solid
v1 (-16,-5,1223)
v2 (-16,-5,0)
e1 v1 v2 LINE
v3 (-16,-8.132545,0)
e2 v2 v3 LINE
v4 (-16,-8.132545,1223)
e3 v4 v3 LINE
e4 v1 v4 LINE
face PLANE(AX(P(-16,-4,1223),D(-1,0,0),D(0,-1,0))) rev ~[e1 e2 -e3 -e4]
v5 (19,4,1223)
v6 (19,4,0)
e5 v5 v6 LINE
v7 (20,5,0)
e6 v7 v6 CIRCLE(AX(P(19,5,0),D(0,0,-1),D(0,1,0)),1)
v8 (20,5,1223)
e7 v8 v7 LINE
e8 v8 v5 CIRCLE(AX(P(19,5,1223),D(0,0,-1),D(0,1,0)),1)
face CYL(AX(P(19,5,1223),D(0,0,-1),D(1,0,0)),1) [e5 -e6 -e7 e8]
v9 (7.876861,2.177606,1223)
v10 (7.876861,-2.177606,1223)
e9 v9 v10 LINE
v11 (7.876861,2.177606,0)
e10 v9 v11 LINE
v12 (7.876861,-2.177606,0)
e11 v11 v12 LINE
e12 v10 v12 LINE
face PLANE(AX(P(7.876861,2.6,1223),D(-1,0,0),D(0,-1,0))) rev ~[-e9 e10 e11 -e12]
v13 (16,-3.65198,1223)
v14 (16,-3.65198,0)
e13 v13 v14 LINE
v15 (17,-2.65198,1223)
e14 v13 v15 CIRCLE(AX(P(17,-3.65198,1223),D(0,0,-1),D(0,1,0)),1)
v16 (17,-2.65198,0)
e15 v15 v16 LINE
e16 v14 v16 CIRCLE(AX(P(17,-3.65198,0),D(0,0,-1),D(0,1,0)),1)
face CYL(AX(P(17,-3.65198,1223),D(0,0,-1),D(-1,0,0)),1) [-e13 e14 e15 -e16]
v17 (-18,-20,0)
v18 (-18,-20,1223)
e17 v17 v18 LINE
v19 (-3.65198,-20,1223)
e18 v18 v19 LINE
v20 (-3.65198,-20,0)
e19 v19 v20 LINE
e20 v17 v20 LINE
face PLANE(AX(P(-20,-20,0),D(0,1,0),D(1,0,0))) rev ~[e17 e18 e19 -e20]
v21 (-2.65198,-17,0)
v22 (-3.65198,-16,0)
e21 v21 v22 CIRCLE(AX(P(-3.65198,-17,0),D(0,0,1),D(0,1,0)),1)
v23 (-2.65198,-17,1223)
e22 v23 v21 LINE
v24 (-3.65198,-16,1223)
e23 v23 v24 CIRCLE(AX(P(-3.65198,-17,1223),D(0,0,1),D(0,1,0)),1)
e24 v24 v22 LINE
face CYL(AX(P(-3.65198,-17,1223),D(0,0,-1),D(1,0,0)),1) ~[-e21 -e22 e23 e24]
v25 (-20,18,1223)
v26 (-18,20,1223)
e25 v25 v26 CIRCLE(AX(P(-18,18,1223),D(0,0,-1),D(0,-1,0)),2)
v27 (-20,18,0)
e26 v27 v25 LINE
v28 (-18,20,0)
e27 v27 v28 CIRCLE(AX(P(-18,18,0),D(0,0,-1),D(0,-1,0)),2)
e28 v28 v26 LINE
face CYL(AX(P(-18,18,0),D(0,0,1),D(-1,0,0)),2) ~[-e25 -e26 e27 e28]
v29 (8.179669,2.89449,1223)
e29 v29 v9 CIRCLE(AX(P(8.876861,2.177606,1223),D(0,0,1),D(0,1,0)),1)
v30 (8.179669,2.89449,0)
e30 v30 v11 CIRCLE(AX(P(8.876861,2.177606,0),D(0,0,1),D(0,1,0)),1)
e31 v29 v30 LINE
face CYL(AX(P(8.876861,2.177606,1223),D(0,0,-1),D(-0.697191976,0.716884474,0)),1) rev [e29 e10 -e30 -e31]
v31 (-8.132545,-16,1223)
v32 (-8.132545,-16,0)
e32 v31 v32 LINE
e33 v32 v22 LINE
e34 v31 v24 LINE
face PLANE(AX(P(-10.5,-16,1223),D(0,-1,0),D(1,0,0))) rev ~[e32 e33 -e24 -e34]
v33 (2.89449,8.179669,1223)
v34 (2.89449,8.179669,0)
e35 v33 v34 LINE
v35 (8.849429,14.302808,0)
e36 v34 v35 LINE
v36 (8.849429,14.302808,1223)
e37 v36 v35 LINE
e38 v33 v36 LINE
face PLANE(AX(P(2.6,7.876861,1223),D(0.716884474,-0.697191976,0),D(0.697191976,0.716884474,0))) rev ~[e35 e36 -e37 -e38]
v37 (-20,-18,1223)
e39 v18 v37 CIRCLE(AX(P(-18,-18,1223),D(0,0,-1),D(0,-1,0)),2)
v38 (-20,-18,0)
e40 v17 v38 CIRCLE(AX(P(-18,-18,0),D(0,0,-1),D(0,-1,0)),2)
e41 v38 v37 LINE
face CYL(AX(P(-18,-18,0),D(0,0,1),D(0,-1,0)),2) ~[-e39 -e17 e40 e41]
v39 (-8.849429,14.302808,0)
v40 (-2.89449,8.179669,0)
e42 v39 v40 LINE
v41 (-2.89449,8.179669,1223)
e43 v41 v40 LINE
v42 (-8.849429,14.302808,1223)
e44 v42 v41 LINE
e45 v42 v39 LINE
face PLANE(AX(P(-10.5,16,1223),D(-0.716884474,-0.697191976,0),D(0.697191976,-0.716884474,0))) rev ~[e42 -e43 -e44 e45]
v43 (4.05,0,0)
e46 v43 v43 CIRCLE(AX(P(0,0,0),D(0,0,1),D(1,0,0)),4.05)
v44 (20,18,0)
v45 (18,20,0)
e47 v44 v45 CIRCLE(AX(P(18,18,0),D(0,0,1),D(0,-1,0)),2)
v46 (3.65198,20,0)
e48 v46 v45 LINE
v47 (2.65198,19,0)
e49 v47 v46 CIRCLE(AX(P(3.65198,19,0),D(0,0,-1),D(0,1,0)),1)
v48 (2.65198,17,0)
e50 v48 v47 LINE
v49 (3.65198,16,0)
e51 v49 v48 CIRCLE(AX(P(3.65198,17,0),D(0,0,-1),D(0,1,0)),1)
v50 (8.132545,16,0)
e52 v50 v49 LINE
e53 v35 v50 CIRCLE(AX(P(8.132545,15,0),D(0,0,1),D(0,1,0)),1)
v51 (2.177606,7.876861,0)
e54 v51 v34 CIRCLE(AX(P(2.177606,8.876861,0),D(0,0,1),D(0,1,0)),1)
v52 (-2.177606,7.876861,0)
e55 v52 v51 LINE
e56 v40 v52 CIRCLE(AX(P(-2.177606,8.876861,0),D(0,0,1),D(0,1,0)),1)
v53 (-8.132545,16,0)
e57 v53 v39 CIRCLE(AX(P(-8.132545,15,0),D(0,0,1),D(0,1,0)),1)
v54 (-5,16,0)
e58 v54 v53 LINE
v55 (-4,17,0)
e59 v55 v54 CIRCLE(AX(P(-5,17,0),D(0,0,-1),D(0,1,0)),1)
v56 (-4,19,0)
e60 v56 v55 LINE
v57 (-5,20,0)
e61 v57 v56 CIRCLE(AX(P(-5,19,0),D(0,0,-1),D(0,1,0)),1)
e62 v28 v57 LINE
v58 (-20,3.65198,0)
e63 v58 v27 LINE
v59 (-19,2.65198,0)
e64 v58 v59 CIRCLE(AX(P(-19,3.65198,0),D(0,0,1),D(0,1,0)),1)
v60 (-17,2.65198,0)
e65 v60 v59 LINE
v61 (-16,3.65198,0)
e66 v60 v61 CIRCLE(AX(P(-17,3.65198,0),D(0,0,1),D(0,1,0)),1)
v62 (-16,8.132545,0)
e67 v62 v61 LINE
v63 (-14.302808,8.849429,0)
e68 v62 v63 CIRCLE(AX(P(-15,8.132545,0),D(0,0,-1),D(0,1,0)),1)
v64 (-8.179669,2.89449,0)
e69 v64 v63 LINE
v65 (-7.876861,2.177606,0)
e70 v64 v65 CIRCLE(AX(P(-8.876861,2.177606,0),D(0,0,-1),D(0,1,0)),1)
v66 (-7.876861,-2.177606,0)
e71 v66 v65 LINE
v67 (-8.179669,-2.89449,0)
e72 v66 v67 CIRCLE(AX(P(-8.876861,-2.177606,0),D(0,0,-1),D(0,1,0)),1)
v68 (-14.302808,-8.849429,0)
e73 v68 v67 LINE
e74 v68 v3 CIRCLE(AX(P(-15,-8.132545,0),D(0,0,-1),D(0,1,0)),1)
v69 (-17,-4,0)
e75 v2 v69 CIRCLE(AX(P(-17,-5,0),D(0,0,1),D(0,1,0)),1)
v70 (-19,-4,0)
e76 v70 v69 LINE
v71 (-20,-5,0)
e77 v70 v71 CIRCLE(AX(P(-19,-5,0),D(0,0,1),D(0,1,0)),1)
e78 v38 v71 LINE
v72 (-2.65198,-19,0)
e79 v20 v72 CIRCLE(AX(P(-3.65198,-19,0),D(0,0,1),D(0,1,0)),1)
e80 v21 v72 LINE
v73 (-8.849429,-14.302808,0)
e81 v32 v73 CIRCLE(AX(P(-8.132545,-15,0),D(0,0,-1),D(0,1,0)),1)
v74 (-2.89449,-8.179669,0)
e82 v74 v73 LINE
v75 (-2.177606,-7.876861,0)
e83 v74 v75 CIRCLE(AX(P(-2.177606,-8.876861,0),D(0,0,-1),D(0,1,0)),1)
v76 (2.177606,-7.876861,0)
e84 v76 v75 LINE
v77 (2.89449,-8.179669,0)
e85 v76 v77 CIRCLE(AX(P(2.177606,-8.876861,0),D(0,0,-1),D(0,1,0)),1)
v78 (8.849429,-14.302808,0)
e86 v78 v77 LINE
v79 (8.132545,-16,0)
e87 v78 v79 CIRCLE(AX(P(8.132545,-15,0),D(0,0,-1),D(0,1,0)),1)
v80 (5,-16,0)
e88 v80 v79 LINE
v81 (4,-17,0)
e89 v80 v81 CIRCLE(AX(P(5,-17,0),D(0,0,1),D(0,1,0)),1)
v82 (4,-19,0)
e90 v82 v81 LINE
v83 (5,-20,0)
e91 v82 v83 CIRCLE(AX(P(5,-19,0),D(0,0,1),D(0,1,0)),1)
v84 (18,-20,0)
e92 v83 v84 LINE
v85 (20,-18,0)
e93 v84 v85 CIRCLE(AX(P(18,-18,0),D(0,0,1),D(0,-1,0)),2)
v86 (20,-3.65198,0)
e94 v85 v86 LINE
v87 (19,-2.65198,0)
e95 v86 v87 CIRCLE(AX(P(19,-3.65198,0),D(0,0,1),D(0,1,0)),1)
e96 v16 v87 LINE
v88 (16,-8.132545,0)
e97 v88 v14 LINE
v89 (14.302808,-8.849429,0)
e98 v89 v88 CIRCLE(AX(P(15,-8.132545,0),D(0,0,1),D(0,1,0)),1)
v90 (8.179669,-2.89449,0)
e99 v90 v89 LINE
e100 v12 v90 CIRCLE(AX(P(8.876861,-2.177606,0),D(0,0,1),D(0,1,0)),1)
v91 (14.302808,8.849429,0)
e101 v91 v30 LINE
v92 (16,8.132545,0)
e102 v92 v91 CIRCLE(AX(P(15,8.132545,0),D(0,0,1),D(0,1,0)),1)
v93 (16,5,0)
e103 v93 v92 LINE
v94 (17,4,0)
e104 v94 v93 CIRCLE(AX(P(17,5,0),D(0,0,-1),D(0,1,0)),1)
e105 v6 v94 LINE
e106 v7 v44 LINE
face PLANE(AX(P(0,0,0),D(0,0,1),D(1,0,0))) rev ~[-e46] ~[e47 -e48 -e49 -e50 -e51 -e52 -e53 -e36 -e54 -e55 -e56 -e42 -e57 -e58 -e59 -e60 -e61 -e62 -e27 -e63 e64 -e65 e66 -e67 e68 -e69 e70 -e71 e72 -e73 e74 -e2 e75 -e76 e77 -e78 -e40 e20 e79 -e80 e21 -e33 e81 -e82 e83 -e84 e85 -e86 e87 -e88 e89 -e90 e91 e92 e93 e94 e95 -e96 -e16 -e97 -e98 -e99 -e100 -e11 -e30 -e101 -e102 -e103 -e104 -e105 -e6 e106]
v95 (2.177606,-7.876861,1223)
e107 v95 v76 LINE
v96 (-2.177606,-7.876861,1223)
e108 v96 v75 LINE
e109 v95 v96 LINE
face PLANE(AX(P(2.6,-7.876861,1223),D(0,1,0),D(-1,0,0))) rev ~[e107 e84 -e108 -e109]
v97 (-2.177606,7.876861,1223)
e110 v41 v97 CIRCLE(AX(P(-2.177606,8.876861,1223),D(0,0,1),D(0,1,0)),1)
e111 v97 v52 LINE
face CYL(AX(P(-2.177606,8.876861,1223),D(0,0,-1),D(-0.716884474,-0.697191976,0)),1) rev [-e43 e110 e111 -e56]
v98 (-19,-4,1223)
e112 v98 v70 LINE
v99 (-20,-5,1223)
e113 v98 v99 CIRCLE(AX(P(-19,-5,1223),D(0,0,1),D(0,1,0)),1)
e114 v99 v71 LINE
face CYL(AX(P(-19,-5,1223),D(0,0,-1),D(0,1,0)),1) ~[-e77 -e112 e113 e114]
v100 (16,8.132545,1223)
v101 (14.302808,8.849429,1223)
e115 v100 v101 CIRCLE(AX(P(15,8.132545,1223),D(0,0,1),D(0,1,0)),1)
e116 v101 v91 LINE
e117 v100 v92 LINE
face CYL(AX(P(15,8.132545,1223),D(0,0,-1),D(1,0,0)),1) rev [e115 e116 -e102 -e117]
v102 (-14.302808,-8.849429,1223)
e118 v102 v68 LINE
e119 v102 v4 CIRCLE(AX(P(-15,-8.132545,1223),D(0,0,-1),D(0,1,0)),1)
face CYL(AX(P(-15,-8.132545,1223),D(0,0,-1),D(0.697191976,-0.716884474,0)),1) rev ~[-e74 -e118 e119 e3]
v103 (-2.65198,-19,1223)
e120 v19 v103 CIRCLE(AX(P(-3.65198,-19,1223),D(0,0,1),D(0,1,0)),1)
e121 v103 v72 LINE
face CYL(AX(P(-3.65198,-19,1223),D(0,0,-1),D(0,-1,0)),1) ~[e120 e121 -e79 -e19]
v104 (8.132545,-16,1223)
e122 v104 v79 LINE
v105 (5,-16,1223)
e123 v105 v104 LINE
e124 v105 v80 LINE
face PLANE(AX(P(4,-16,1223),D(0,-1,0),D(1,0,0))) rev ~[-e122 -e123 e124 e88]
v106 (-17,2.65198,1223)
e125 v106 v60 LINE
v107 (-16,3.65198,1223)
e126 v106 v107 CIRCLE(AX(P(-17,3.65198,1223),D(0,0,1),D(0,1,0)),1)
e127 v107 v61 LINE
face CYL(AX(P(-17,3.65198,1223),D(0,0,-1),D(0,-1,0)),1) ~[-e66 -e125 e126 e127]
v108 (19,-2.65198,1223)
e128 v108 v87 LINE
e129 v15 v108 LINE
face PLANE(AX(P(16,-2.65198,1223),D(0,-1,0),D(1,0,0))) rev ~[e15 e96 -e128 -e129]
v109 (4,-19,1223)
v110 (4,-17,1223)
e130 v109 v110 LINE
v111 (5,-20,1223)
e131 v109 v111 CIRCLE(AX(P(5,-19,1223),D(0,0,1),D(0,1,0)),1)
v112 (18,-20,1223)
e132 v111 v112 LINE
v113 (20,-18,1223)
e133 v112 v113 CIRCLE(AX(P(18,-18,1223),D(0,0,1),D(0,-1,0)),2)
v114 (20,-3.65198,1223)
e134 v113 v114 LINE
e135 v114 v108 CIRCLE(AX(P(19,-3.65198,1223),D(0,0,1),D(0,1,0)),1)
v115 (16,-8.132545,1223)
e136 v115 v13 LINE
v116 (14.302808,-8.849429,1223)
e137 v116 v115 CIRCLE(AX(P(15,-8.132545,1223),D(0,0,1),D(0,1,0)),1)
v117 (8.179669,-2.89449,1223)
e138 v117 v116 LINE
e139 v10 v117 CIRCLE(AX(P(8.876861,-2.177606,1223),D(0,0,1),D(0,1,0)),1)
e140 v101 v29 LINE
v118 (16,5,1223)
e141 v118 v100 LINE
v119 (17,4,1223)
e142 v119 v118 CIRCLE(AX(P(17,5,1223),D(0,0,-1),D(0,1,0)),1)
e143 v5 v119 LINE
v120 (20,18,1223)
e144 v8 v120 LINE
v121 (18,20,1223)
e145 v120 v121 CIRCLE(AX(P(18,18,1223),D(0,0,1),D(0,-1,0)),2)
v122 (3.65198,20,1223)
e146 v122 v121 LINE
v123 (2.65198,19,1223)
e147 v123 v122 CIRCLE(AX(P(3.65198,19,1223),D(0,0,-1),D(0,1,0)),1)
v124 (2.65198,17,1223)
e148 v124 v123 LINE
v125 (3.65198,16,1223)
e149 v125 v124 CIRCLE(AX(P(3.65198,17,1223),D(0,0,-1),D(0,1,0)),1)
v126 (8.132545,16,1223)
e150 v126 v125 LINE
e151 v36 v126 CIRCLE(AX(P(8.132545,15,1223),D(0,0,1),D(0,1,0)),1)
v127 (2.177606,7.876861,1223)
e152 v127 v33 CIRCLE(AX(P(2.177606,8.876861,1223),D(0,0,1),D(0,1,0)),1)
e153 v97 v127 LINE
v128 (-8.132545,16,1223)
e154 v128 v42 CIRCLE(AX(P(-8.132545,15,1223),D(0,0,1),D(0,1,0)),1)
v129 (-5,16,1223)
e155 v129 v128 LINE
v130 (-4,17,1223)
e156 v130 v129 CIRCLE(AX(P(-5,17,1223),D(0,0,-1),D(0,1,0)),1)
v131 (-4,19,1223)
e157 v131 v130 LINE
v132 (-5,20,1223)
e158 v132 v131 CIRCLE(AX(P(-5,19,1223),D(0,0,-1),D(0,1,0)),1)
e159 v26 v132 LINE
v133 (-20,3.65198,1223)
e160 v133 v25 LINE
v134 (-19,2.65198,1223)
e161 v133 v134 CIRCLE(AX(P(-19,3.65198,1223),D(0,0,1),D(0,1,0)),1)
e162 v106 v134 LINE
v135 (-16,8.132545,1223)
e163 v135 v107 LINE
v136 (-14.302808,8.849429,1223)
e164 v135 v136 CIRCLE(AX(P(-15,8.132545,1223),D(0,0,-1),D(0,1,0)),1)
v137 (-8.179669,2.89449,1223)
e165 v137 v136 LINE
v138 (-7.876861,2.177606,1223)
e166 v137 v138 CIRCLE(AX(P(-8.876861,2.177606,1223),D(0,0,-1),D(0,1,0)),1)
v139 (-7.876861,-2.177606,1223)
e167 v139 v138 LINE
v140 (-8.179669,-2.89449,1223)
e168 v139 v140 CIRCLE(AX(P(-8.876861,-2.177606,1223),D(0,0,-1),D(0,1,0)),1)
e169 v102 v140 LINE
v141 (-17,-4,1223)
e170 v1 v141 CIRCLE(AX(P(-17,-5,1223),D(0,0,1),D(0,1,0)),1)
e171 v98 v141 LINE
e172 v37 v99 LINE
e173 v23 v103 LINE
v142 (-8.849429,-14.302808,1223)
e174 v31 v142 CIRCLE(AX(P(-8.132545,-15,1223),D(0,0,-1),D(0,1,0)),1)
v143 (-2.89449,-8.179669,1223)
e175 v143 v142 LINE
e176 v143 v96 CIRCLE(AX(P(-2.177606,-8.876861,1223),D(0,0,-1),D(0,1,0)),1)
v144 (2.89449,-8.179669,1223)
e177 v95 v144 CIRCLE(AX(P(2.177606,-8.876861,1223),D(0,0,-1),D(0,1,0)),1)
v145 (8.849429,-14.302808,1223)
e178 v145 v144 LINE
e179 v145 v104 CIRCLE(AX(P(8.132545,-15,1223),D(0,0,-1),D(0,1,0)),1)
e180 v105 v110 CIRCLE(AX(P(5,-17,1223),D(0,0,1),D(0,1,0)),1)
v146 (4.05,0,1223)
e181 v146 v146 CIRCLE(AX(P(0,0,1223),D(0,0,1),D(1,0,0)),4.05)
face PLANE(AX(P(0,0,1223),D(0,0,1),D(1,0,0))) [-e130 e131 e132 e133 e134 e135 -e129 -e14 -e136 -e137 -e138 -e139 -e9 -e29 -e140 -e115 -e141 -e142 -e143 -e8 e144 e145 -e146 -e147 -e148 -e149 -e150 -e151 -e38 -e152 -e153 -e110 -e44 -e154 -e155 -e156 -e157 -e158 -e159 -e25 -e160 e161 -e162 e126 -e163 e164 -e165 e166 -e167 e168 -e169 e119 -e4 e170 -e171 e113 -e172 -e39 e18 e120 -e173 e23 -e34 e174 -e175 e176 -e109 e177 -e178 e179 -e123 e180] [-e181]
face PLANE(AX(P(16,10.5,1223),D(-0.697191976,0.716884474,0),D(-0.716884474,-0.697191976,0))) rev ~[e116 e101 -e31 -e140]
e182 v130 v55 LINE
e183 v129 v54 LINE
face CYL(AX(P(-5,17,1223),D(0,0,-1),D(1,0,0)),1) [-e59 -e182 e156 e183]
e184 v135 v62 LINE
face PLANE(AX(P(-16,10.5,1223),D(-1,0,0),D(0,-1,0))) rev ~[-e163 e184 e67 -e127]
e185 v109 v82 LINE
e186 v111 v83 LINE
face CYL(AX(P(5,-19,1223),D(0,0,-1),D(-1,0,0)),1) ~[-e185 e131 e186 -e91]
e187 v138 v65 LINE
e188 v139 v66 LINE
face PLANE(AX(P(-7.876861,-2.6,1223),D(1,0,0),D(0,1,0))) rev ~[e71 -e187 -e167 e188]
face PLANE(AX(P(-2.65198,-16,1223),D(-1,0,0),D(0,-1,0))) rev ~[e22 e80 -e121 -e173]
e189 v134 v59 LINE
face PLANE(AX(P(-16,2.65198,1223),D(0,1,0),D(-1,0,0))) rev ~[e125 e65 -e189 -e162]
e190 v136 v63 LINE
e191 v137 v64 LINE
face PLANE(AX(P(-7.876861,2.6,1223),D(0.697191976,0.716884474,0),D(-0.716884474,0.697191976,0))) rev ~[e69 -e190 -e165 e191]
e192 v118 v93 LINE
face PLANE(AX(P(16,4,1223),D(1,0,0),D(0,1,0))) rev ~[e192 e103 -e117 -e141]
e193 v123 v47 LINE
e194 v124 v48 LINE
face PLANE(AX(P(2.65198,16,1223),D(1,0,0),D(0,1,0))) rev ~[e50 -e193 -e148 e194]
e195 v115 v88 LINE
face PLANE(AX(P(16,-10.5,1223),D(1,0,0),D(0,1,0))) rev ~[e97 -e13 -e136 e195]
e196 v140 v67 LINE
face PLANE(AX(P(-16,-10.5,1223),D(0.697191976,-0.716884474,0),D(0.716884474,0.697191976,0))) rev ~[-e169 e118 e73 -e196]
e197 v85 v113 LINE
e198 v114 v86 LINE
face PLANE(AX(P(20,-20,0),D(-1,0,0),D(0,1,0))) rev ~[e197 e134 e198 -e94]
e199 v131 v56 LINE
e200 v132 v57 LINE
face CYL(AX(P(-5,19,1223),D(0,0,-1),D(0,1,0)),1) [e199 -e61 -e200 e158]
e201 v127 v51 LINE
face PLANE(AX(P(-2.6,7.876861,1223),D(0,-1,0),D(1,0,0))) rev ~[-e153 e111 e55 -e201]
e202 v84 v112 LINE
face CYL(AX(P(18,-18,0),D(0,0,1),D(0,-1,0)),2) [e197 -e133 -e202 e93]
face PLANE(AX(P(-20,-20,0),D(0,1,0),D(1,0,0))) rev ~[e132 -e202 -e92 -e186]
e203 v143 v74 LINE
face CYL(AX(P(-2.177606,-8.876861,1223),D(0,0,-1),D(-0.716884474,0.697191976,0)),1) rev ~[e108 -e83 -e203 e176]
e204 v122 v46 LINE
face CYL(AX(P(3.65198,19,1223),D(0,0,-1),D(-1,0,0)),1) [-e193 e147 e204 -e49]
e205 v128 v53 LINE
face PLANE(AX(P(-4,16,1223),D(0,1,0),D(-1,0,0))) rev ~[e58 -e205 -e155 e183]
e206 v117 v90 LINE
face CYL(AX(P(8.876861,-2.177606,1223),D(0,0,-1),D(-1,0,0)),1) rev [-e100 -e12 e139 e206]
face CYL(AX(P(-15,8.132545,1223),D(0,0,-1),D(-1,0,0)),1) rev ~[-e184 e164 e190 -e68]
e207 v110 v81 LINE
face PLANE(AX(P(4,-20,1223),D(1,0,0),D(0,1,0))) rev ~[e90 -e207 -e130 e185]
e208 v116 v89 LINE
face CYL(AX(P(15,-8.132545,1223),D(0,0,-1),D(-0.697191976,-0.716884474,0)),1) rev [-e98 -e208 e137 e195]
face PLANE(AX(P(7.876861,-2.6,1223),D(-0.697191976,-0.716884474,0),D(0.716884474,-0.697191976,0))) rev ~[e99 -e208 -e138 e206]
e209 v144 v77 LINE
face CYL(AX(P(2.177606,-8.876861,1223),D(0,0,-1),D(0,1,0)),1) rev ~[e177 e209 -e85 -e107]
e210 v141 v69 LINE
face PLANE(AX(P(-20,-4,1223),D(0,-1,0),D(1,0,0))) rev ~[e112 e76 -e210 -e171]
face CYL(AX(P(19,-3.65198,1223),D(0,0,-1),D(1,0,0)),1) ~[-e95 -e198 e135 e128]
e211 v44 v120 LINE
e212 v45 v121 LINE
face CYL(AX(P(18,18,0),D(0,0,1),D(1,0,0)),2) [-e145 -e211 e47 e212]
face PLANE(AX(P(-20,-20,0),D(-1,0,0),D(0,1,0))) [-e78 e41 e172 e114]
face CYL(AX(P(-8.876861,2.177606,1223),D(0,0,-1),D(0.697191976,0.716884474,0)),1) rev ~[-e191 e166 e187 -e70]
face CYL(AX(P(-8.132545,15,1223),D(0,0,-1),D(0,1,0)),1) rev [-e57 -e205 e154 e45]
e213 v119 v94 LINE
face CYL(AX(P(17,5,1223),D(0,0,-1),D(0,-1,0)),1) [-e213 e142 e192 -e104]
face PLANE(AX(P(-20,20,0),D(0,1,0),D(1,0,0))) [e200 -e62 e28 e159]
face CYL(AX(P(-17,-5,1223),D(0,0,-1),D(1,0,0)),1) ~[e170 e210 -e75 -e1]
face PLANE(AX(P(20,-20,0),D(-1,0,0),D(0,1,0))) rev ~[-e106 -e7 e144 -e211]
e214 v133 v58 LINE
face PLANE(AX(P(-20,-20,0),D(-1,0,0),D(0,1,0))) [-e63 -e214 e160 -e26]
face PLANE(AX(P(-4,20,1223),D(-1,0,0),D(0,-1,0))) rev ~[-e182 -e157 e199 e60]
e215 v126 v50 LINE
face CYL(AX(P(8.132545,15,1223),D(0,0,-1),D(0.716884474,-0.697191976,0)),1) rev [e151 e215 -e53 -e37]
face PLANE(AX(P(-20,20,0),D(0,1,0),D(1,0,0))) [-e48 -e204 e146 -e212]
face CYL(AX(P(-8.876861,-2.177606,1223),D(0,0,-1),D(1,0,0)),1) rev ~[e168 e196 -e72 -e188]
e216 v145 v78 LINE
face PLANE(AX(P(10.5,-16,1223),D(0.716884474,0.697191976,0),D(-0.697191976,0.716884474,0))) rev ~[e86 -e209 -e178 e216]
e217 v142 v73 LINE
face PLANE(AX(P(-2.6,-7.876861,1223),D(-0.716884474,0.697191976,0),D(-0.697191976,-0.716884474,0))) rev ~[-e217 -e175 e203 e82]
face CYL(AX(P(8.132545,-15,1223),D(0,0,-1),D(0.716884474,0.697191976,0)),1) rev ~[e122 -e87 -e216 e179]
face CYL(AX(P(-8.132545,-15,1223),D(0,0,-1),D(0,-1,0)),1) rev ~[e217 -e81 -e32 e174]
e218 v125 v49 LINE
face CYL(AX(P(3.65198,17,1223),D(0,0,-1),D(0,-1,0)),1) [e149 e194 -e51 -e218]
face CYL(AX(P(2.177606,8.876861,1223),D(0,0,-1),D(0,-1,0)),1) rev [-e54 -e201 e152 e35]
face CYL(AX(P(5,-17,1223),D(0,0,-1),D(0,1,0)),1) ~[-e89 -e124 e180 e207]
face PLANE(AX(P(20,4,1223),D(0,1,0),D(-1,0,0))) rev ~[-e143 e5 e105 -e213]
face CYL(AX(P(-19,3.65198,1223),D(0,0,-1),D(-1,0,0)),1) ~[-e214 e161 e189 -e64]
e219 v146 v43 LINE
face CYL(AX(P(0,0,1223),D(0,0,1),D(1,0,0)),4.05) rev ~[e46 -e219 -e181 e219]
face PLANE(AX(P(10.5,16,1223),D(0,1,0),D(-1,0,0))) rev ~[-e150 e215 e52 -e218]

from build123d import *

# Parameters (mm, degrees)
SKETCH_1_W               = 40
SKETCH_1_H               = 40
EXTRUDE_1_DEPTH          = 1223
SKETCH_2_R               = 4.05
CUT_EXTRUDE_1_DEPTH      = 10000
CUT_EXTRUDE_2_DEPTH      = 10000
FILLET_1_R               = 1
PATTERN_CIRCULAR_2_COUNT = 4
FILLET_2_R               = 1
FILLET_3_R               = 1
FILLET_4_R               = 1
FILLET_5_R               = 2


with BuildPart() as part:
    # 草图1 → 凸台-拉伸1 (new body)
    with BuildSketch(Plane.XY):
        Rectangle(SKETCH_1_W, SKETCH_1_H)
    extrude(amount=EXTRUDE_1_DEPTH)

    # 草图2 → 切除-拉伸1 (cut)
    with BuildSketch(Plane.XY.offset(1223)):
        Circle(SKETCH_2_R)
    extrude(amount=-CUT_EXTRUDE_1_DEPTH, mode=Mode.SUBTRACT)

    # 草图4 → 切除-拉伸2 (cut)
    with BuildSketch(Plane.XY.offset(1223)):
        Polygon((20, 0), (20, 4), (16, 4), (16, 10.5), (7.876860985, 2.6), (7.876860985, -2.6), (16, -10.5), (16, -2.65197969), (20, -2.65197969), align=None)
    cut_extrude_2 = extrude(amount=-CUT_EXTRUDE_2_DEPTH, mode=Mode.SUBTRACT)

    # 圆角1
    fillet_1_edges = [part.edges().sort_by_distance(p)[0] for p in [
        (20, -2.65197969, 611.5),
        (16, -2.65197969, 611.5),
        (16, -10.5, 611.5),
        (7.876860985, -2.6, 611.5),
        (7.876860985, 2.6, 611.5),
        (16, 10.5, 611.5),
        (16, 4, 611.5),
        (20, 4, 611.5),
    ]]
    fillet(fillet_1_edges, radius=FILLET_1_R)

    # 阵列(圆周)2: 切除-拉伸2 ×4 about axis
    pattern_circular_2_axis = Axis((0, 0, 0), (0, 0, 1))
    for i in range(1, PATTERN_CIRCULAR_2_COUNT):
        add(cut_extrude_2.rotate(pattern_circular_2_axis, i * 360 / PATTERN_CIRCULAR_2_COUNT), mode=Mode.SUBTRACT)

    # 圆角2
    fillet_2_edges = [part.edges().sort_by_distance(p)[0] for p in [
        (2.65197969, 20, 611.5),
        (2.65197969, 16, 611.5),
        (10.5, 16, 611.5),
        (2.6, 7.876860985, 611.5),
        (-2.6, 7.876860985, 611.5),
        (-10.5, 16, 611.5),
        (-4, 16, 611.5),
        (-4, 20, 611.5),
    ]]
    fillet(fillet_2_edges, radius=FILLET_2_R)

    # 圆角3
    fillet_3_edges = [part.edges().sort_by_distance(p)[0] for p in [
        (-20, 2.65197969, 611.5),
        (-16, 2.65197969, 611.5),
        (-16, 10.5, 611.5),
        (-7.876860985, 2.6, 611.5),
        (-7.876860985, -2.6, 611.5),
        (-16, -10.5, 611.5),
        (-16, -4, 611.5),
        (-20, -4, 611.5),
    ]]
    fillet(fillet_3_edges, radius=FILLET_3_R)

    # 圆角4
    fillet_4_edges = [part.edges().sort_by_distance(p)[0] for p in [
        (-2.65197969, -20, 611.5),
        (-2.65197969, -16, 611.5),
        (-10.5, -16, 611.5),
        (-2.6, -7.876860985, 611.5),
        (2.6, -7.876860985, 611.5),
        (10.5, -16, 611.5),
        (4, -16, 611.5),
        (4, -20, 611.5),
    ]]
    fillet(fillet_4_edges, radius=FILLET_4_R)

    # 圆角5
    fillet_5_edges = [part.edges().sort_by_distance(p)[0] for p in [
        (20, -20, 611.5),
        (-20, -20, 611.5),
        (-20, 20, 611.5),
        (20, 20, 611.5),
    ]]
    fillet(fillet_5_edges, radius=FILLET_5_R)


solid = part.part
